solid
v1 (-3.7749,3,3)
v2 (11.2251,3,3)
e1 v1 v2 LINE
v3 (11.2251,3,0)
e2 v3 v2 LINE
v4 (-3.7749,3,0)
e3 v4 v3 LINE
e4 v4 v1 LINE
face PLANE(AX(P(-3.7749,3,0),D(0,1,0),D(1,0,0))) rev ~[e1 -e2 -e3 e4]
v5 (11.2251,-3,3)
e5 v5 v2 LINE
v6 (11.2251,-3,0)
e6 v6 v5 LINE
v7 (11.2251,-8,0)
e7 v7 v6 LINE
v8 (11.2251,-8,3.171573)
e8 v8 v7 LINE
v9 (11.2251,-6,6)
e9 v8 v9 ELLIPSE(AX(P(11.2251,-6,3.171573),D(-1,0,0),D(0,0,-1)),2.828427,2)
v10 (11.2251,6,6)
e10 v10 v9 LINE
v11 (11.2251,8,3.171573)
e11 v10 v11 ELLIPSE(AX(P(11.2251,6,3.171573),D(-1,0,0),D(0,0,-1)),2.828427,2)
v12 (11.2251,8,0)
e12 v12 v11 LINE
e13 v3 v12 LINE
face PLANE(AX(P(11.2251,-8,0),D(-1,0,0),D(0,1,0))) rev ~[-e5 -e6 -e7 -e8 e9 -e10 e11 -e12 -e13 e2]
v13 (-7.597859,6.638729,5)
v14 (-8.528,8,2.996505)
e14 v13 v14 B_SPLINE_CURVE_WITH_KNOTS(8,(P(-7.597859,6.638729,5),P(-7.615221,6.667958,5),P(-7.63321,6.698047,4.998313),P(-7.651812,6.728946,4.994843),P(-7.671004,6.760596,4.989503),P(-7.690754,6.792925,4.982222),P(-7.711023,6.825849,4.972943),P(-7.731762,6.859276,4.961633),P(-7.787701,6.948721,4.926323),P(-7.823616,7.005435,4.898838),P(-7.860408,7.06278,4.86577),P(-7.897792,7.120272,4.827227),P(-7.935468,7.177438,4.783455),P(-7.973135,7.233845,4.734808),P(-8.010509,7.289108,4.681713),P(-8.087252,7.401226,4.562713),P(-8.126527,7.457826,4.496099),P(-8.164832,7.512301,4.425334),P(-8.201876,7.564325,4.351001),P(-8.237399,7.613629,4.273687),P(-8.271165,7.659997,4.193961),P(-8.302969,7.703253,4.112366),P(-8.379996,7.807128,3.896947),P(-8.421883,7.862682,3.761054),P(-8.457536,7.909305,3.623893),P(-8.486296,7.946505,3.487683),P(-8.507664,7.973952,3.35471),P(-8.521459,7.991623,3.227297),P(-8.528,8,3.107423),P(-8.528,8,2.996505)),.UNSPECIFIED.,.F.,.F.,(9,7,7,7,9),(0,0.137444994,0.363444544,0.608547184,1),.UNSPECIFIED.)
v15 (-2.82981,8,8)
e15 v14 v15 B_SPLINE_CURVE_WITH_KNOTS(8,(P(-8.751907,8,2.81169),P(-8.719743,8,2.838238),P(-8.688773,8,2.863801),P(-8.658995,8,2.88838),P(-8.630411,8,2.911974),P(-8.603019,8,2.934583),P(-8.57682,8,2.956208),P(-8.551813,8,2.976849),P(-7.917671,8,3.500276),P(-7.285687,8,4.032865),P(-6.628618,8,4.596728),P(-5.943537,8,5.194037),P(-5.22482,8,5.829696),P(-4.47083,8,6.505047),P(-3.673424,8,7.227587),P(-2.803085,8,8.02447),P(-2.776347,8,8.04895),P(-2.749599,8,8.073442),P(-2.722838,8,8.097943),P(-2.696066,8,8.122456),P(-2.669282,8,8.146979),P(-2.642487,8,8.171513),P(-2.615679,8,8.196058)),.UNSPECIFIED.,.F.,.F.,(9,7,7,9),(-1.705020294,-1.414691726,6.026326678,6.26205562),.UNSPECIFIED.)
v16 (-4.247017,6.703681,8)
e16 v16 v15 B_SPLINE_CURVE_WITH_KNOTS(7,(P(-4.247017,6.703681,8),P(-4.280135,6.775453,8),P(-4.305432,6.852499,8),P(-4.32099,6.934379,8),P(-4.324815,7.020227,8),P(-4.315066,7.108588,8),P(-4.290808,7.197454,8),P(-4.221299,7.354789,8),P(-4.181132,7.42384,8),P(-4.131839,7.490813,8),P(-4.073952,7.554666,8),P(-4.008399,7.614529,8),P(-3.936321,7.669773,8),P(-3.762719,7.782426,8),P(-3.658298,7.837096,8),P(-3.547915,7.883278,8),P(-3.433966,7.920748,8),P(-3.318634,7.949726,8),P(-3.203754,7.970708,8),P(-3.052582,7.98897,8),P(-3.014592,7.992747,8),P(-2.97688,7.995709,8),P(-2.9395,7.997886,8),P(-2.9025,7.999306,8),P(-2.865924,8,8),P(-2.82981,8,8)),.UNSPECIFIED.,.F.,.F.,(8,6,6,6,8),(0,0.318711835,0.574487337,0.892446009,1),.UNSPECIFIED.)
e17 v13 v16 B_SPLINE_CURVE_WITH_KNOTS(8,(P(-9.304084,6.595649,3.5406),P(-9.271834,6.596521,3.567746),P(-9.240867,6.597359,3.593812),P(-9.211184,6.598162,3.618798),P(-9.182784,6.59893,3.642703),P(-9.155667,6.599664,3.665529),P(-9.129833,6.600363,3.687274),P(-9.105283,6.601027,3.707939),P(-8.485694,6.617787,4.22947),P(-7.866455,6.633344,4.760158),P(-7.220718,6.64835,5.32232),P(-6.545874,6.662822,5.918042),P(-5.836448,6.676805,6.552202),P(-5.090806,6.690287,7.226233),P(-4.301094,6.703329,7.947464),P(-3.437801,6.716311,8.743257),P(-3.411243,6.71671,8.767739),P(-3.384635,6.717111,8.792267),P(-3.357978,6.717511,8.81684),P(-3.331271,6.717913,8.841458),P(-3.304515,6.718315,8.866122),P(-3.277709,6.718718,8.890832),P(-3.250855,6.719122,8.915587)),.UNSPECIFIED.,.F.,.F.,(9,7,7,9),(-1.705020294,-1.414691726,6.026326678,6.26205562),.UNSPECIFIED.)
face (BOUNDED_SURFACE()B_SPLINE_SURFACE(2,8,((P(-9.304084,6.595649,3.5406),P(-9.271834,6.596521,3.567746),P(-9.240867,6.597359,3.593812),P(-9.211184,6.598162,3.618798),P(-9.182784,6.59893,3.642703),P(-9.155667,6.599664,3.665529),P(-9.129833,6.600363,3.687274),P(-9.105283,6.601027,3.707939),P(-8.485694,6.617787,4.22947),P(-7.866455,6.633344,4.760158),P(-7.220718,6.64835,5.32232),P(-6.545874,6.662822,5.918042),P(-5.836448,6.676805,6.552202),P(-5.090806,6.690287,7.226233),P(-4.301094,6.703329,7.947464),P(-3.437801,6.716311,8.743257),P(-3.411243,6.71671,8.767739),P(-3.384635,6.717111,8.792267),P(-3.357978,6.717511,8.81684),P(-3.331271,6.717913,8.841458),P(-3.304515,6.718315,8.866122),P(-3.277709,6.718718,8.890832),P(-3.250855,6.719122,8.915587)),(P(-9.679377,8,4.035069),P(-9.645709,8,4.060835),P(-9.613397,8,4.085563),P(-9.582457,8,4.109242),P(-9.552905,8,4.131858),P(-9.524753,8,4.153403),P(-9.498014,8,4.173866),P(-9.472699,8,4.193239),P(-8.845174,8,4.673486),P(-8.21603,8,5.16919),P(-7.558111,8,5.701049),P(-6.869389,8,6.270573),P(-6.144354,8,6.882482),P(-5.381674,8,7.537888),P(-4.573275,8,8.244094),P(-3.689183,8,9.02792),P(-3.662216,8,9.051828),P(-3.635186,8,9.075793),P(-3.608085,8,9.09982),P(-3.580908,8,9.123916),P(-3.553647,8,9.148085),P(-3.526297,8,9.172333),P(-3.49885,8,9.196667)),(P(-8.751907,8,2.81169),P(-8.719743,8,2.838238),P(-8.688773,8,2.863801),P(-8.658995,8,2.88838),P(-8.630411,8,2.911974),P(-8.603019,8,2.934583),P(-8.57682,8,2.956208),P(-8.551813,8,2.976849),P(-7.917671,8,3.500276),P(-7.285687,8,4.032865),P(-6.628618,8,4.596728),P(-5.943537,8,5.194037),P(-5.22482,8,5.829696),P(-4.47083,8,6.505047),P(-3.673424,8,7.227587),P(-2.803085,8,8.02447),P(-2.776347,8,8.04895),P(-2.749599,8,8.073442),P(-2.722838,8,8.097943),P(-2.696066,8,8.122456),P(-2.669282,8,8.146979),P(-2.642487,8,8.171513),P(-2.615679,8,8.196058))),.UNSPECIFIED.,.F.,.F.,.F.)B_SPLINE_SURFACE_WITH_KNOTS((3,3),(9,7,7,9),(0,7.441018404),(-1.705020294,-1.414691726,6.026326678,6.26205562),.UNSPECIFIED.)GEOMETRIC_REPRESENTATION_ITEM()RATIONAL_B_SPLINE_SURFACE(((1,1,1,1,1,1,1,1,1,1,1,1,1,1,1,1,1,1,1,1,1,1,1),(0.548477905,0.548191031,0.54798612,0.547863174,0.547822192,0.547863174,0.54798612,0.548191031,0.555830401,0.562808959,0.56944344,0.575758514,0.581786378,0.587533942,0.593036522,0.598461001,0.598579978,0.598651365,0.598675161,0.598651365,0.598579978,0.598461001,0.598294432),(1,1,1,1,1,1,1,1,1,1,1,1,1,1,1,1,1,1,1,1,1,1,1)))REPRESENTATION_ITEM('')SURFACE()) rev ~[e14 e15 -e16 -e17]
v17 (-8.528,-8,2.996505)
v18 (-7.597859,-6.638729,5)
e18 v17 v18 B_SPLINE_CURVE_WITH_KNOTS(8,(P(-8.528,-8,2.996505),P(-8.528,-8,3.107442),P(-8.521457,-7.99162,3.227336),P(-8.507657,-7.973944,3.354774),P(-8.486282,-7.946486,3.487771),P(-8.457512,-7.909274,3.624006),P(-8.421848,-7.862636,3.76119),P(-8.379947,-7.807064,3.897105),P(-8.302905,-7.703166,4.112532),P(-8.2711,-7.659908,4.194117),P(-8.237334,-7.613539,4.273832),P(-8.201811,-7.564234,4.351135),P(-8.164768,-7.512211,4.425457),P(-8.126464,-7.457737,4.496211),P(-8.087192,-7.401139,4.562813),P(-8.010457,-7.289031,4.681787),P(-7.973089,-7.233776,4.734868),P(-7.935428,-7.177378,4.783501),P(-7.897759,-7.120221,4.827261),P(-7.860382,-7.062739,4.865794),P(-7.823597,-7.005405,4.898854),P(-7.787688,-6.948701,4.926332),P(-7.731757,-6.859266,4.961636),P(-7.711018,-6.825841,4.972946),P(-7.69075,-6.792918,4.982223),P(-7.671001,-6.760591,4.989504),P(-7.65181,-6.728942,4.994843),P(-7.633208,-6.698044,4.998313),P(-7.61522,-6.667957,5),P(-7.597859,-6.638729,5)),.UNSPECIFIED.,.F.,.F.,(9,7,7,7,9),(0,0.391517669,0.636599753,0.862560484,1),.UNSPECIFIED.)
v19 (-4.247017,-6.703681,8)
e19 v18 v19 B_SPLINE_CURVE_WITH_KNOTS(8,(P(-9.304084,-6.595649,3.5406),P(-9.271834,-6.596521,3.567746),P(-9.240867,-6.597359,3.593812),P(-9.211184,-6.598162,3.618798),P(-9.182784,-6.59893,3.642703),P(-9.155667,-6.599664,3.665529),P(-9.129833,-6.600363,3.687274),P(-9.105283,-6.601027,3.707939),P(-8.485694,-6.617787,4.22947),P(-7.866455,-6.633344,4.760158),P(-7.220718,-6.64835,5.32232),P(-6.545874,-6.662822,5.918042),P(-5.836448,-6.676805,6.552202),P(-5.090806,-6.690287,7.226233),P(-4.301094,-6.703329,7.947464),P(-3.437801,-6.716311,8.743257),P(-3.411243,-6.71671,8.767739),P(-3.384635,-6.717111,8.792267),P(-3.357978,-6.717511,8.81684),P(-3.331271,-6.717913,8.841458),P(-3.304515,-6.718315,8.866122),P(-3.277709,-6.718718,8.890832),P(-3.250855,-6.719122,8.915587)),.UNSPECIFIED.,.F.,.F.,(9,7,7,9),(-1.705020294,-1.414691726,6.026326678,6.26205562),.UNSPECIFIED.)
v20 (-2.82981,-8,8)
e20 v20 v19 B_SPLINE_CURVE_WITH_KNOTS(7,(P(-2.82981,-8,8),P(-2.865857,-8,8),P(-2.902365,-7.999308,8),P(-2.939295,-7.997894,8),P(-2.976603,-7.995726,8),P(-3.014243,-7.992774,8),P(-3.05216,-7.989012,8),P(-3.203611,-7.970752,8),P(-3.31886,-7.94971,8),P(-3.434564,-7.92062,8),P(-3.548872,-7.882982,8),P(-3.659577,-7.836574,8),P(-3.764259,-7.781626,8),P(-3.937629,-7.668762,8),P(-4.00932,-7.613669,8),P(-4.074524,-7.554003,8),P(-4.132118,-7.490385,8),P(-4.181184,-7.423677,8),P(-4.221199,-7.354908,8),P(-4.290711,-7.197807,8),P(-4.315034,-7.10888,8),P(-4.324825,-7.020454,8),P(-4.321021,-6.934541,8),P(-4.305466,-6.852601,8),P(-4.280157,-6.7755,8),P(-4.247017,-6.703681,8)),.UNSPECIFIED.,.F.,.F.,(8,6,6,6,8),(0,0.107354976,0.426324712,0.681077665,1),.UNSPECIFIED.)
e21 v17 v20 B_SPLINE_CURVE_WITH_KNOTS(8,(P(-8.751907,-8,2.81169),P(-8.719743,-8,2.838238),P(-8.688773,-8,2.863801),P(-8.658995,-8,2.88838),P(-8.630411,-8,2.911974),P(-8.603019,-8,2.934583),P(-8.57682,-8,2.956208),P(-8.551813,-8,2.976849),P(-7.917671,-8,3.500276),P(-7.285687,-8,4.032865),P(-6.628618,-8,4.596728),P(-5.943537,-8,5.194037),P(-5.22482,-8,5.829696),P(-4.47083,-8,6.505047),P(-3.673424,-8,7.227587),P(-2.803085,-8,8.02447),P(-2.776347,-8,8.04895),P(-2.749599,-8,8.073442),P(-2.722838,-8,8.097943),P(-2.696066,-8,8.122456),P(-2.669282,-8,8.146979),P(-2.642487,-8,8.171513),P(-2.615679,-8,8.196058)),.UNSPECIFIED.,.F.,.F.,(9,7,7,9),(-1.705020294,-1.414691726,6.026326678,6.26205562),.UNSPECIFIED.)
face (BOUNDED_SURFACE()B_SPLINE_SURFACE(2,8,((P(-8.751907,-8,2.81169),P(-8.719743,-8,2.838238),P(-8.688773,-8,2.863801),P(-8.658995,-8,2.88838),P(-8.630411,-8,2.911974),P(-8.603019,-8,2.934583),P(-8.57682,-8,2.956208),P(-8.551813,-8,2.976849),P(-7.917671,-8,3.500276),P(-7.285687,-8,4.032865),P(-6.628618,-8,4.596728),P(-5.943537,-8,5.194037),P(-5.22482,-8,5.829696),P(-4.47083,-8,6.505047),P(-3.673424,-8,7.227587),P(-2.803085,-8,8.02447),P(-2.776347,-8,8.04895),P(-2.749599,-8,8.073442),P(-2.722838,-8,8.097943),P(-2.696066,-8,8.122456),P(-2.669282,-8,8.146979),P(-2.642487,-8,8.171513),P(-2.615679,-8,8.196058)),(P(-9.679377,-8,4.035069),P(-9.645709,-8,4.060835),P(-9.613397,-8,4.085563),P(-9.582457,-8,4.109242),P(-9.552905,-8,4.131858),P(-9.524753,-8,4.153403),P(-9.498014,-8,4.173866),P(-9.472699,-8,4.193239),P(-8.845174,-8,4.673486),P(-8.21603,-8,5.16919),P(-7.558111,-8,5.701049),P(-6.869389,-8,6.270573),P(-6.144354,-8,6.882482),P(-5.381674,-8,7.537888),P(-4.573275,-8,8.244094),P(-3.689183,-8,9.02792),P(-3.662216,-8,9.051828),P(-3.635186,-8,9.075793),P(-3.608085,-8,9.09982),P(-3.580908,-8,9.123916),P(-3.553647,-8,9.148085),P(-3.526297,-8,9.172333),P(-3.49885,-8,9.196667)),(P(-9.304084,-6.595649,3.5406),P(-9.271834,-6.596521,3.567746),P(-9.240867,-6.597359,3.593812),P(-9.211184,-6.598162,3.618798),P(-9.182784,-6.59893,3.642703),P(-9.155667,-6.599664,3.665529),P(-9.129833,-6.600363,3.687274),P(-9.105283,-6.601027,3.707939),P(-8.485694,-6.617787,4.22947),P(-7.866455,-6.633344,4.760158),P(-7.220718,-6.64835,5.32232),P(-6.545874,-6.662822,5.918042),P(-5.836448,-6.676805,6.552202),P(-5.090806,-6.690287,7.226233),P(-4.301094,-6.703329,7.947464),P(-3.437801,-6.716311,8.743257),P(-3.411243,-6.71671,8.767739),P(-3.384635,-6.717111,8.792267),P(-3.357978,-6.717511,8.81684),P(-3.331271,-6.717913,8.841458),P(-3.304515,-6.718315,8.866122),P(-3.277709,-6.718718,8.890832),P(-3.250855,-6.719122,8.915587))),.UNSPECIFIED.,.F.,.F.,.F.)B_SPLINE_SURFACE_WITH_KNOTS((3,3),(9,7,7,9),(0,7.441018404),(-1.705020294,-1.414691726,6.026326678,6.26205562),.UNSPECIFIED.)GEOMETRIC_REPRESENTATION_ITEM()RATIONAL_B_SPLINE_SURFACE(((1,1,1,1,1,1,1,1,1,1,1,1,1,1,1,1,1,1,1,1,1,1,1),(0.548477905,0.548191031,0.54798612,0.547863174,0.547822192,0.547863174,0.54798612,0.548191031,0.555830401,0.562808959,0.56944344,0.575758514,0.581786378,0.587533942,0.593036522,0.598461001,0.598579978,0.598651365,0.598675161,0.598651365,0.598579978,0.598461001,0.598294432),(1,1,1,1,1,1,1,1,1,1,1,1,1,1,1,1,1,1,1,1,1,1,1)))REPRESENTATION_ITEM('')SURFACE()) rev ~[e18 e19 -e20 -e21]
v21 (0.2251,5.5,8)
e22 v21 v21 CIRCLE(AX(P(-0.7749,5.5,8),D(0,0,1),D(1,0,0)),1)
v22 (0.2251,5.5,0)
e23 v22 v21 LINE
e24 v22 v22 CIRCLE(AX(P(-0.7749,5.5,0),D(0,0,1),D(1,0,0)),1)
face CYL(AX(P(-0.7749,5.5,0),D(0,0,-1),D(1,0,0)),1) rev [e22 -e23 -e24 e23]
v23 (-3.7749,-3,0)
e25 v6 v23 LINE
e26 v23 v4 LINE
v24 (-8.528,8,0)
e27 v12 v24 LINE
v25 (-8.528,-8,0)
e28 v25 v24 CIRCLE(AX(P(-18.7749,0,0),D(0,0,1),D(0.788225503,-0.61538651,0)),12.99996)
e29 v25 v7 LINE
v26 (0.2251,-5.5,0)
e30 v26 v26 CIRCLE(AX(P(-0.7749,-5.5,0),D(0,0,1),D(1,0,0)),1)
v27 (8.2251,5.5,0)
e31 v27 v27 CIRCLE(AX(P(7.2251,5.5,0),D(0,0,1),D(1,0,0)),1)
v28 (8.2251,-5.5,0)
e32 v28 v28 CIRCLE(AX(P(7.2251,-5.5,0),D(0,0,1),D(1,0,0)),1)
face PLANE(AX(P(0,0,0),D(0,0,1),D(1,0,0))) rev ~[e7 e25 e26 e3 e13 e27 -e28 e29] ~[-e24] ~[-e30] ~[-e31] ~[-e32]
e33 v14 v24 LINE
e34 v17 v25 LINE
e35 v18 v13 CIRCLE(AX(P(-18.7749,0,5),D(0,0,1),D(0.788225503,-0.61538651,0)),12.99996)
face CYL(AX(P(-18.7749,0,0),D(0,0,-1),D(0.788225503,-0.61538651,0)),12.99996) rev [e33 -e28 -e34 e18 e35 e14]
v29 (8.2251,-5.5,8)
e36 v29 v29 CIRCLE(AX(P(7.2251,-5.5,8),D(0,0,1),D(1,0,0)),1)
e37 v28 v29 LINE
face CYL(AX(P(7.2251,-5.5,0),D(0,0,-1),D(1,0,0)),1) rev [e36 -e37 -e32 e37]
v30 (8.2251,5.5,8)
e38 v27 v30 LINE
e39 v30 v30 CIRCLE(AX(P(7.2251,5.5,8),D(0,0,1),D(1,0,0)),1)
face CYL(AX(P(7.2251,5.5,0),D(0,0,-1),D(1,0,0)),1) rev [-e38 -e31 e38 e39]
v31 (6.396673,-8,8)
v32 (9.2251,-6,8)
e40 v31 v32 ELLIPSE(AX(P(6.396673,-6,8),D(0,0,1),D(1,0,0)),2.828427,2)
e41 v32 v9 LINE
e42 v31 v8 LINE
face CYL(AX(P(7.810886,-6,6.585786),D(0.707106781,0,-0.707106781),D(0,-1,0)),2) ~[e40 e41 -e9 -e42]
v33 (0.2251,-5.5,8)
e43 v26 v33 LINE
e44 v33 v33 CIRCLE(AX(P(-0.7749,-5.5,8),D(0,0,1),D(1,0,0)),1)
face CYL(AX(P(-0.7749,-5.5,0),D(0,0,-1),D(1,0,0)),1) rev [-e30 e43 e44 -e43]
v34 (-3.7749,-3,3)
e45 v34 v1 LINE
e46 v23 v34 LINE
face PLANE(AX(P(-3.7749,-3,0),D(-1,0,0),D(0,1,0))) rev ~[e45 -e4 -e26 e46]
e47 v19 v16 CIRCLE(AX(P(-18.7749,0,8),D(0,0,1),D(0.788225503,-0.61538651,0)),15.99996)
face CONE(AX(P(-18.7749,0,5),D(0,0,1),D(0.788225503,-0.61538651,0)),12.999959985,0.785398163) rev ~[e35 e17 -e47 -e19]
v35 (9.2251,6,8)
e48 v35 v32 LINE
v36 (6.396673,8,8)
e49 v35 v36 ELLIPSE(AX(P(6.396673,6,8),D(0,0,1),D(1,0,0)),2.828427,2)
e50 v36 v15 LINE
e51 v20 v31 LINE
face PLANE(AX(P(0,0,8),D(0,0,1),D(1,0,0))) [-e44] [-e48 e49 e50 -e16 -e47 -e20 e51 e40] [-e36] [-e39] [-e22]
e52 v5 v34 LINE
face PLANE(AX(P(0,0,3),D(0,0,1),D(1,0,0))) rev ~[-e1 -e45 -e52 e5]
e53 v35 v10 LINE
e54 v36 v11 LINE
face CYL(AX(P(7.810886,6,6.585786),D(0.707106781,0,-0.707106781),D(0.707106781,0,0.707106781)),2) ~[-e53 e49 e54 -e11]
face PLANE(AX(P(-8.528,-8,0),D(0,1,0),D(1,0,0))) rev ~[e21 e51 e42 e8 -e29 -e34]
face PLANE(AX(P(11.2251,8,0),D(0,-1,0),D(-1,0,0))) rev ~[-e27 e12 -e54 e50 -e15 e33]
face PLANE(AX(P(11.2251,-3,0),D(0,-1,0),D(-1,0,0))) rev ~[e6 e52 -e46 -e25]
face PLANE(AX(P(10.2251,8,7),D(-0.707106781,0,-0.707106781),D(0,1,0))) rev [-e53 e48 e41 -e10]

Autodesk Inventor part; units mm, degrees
ref_plane "YZ Plane" through (0, 0, 0) normal (1, 0, 0) x (0, 1, 0)
ref_plane "XZ Plane" through (0, 0, 0) normal (0, 1, 0) x (-1, 0, 0)
ref_plane "XY Plane" through (0, 0, 0) normal (0, 0, 1) x (1, 0, 0)
sketch "Sketch1" plane through (0, 0, 0) normal (0, 0, 1) x (1, 0, 0)
  circle A0 centre (-0.7749, 5.5) radius 1 projected
  circle A1 centre (7.2251, 5.5) radius 1 projected
  circle A2 centre (-0.7749, -5.5) radius 1 projected
  circle A3 centre (7.2251, -5.5) radius 1 projected
  line L0 (11.2251, -3) -> (-3.7749, -3) projected
  line L1 (-3.7749, -3) -> (-3.7749, 3) projected
  line L2 (-3.7749, 3) -> (11.2251, 3) projected
  line L3 (11.2251, 3) -> (11.2251, 8) projected
  line L4 (11.2251, 8) -> (-8.528, 8) projected
  arc A4 (-8.528, -8) -> (-8.528, 8) centre (-18.7749, 0) ccw projected
  line L5 (-8.528, -8) -> (11.2251, -8) projected
  line L6 (11.2251, -8) -> (11.2251, -3) projected
  point P0 (0, 0)
extrude "Extrusion1" add sketch "Sketch1" along normal blind 3
sketch "Sketch2" plane through (0, 0, 3) normal (0, 0, 1) x (1, 0, 0)
  line L0 (11.2251, -8) -> (11.2251, -3) projected
  line L1 (11.2251, -3) -> (-3.7749, -3) projected
  line L2 (-3.7749, -3) -> (-3.7749, 3) projected
  line L3 (-3.7749, 3) -> (11.2251, 3) projected
  line L4 (11.2251, 3) -> (11.2251, 8) projected
  line L5 (11.2251, 8) -> (-8.528, 8) projected
  arc A0 (-8.528, -8) -> (-8.528, 8) centre (-18.7749, 0) ccw projected
  line L6 (-8.528, -8) -> (11.2251, -8) projected
  circle A1 centre (-0.7749, 5.5) radius 1 projected
  circle A2 centre (7.2251, 5.5) radius 1 projected
  circle A3 centre (-0.7749, -5.5) radius 1 projected
  circle A4 centre (7.2251, -5.5) radius 1 projected
  line L7 (11.2251, -8) -> (11.2251, -3) projected
  line L8 (11.2251, 3) -> (11.2251, 8) projected
  line L9 (11.2251, -8) -> (11.2251, 8)
  point P0 (0, 0)
extrude "Extrusion2" add sketch "Sketch2" along normal blind 5
chamfer "Chamfer1" distance 3 angle 45 1 edges at (-5.7749, 0, 8)
fillet "Fillet1" radius 1 2 edges at (-6.817, -8, 6.3872) (-6.817, 8, 6.3872)
chamfer "Chamfer2" distance 2 angle 45 1 edges at (11.2251, 0, 8)
fillet "Fillet2" radius 2 2 edges at (10.2251, -8, 7) (10.2251, 8, 7)
properties part number "armtip_2"
